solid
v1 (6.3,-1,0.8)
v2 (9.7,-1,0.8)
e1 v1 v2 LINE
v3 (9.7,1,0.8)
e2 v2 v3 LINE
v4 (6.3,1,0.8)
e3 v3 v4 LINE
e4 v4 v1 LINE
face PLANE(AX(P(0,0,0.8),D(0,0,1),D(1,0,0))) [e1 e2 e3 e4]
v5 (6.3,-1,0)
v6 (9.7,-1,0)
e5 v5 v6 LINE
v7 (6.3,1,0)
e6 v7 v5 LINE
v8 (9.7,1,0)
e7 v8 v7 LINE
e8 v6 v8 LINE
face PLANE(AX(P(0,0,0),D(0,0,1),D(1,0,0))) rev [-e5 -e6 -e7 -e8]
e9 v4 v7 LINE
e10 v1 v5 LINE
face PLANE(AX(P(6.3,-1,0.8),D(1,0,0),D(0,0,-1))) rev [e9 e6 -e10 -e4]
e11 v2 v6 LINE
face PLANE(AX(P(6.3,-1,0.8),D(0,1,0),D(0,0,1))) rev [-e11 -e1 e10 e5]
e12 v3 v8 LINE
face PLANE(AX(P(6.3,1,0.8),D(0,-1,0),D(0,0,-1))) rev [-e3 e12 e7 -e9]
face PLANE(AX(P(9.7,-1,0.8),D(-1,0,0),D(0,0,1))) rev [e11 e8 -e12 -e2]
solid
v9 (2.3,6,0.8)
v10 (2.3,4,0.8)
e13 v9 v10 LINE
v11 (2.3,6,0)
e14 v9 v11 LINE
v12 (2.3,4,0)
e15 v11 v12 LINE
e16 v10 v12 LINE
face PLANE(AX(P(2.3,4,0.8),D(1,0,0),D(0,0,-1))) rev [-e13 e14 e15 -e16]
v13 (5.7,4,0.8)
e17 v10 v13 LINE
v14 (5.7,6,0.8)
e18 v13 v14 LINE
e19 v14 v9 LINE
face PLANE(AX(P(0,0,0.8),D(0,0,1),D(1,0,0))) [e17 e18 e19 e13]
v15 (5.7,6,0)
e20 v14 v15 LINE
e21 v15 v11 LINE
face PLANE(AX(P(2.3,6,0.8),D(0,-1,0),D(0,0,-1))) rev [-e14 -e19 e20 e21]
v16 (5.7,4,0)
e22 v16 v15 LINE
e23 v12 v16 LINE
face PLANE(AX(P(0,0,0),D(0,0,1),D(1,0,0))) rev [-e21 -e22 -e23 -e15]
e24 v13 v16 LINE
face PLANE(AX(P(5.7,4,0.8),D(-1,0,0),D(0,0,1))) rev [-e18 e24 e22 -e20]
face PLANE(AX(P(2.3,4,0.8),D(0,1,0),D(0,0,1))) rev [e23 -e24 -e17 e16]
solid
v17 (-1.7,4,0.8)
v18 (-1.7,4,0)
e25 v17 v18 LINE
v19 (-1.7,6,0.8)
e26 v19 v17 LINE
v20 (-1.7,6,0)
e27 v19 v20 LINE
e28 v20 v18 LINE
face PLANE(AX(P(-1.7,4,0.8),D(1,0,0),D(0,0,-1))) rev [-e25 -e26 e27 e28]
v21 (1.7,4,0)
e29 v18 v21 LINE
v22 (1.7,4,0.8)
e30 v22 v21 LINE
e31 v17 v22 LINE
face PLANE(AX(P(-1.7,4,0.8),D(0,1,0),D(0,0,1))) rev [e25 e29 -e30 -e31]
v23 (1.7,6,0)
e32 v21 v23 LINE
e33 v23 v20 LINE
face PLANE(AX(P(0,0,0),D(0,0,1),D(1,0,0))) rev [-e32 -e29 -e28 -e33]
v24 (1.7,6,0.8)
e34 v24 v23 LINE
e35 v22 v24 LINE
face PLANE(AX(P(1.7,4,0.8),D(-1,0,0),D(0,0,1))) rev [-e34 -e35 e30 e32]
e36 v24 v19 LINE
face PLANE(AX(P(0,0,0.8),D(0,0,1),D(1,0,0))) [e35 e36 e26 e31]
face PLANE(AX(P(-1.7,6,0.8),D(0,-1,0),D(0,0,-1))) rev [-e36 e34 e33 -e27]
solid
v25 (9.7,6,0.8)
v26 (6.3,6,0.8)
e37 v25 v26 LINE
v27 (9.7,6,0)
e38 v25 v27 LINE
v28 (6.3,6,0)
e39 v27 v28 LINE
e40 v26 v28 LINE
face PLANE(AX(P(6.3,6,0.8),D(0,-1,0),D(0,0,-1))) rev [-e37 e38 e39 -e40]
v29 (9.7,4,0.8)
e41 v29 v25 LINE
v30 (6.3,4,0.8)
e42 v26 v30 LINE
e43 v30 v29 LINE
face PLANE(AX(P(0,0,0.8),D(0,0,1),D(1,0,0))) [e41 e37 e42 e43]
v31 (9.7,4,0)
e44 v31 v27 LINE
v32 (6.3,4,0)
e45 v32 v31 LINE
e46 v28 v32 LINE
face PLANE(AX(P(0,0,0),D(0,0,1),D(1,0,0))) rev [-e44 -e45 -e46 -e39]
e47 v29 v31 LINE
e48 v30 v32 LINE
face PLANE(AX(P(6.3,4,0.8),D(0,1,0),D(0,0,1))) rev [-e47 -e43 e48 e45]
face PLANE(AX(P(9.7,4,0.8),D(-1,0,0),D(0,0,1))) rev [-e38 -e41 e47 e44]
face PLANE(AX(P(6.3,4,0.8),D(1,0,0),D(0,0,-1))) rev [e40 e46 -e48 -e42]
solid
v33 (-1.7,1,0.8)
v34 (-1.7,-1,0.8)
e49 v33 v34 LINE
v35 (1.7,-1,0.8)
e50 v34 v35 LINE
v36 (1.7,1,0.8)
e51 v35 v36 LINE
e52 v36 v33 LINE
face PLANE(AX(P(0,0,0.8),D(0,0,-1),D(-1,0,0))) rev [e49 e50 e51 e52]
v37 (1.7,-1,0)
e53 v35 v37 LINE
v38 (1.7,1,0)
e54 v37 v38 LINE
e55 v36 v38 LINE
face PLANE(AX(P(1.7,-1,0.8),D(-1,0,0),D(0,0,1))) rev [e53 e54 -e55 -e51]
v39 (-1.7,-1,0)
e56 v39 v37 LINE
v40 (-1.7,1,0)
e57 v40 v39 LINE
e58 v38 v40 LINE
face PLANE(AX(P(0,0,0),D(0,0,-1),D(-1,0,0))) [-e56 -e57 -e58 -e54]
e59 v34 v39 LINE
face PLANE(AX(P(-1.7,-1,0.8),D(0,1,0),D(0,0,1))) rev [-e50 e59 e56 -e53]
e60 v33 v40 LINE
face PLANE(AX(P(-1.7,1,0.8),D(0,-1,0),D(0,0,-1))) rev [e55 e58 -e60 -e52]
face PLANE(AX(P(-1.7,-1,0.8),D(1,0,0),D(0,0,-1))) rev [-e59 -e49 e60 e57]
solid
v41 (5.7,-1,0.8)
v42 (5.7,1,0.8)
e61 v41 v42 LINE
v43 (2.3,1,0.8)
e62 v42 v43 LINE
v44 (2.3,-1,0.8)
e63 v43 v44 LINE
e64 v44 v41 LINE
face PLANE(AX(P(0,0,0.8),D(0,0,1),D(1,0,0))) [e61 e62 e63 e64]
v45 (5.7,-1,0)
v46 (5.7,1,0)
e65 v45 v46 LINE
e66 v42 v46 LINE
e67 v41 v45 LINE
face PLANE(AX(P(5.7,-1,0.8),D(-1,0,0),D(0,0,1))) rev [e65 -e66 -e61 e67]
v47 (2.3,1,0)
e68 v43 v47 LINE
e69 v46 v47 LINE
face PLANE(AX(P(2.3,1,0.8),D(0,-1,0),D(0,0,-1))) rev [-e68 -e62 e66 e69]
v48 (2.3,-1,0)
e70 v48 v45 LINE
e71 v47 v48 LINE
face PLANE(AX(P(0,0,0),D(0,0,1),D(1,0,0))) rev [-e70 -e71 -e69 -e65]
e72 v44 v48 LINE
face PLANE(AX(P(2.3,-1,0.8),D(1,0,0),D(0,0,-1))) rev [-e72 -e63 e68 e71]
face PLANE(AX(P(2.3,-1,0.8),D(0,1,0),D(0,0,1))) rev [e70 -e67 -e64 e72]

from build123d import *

# Parameters (mm, degrees)
SKETCH_1_W        = 3.4
SKETCH_1_H        = 2
EXTRUDE_1_DEPTH   = 0.8
EXTRUDE_1_2_DEPTH = 0.8
EXTRUDE_1_3_DEPTH = 0.8
EXTRUDE_1_4_DEPTH = 0.8
EXTRUDE_1_5_DEPTH = 0.8
EXTRUDE_1_6_DEPTH = 0.8


with BuildPart() as part:
    # Эскиз1 → Бобышка-Вытянуть1 (new body)
    with BuildSketch(Plane.XY):
        with Locations((4, 0)):
            Rectangle(SKETCH_1_W, SKETCH_1_H)
    extrude(amount=EXTRUDE_1_DEPTH)


with BuildPart() as body_2:
    # Эскиз1 → Extrude 1 2 (new body)
    with BuildSketch(Plane.XY):
        Rectangle(SKETCH_1_W, SKETCH_1_H)
    extrude(amount=EXTRUDE_1_2_DEPTH)


with BuildPart() as body_3:
    # Эскиз1 → Extrude 1 3 (new body)
    with BuildSketch(Plane.XY):
        with Locations((8, 0)):
            Rectangle(SKETCH_1_W, SKETCH_1_H)
    extrude(amount=EXTRUDE_1_3_DEPTH)


with BuildPart() as body_4:
    # Эскиз1 → Extrude 1 4 (new body)
    with BuildSketch(Plane.XY):
        with Locations((4, 5)):
            Rectangle(SKETCH_1_W, SKETCH_1_H)
    extrude(amount=EXTRUDE_1_4_DEPTH)


with BuildPart() as body_5:
    # Эскиз1 → Extrude 1 5 (new body)
    with BuildSketch(Plane.XY):
        with Locations((8, 5)):
            Rectangle(SKETCH_1_W, SKETCH_1_H)
    extrude(amount=EXTRUDE_1_5_DEPTH)


with BuildPart() as body_6:
    # Эскиз1 → Extrude 1 6 (new body)
    with BuildSketch(Plane.XY):
        with Locations((0, 5)):
            Rectangle(SKETCH_1_W, SKETCH_1_H)
    extrude(amount=EXTRUDE_1_6_DEPTH)


solid = Compound([part.part, body_2.part, body_3.part, body_4.part, body_5.part, body_6.part])
